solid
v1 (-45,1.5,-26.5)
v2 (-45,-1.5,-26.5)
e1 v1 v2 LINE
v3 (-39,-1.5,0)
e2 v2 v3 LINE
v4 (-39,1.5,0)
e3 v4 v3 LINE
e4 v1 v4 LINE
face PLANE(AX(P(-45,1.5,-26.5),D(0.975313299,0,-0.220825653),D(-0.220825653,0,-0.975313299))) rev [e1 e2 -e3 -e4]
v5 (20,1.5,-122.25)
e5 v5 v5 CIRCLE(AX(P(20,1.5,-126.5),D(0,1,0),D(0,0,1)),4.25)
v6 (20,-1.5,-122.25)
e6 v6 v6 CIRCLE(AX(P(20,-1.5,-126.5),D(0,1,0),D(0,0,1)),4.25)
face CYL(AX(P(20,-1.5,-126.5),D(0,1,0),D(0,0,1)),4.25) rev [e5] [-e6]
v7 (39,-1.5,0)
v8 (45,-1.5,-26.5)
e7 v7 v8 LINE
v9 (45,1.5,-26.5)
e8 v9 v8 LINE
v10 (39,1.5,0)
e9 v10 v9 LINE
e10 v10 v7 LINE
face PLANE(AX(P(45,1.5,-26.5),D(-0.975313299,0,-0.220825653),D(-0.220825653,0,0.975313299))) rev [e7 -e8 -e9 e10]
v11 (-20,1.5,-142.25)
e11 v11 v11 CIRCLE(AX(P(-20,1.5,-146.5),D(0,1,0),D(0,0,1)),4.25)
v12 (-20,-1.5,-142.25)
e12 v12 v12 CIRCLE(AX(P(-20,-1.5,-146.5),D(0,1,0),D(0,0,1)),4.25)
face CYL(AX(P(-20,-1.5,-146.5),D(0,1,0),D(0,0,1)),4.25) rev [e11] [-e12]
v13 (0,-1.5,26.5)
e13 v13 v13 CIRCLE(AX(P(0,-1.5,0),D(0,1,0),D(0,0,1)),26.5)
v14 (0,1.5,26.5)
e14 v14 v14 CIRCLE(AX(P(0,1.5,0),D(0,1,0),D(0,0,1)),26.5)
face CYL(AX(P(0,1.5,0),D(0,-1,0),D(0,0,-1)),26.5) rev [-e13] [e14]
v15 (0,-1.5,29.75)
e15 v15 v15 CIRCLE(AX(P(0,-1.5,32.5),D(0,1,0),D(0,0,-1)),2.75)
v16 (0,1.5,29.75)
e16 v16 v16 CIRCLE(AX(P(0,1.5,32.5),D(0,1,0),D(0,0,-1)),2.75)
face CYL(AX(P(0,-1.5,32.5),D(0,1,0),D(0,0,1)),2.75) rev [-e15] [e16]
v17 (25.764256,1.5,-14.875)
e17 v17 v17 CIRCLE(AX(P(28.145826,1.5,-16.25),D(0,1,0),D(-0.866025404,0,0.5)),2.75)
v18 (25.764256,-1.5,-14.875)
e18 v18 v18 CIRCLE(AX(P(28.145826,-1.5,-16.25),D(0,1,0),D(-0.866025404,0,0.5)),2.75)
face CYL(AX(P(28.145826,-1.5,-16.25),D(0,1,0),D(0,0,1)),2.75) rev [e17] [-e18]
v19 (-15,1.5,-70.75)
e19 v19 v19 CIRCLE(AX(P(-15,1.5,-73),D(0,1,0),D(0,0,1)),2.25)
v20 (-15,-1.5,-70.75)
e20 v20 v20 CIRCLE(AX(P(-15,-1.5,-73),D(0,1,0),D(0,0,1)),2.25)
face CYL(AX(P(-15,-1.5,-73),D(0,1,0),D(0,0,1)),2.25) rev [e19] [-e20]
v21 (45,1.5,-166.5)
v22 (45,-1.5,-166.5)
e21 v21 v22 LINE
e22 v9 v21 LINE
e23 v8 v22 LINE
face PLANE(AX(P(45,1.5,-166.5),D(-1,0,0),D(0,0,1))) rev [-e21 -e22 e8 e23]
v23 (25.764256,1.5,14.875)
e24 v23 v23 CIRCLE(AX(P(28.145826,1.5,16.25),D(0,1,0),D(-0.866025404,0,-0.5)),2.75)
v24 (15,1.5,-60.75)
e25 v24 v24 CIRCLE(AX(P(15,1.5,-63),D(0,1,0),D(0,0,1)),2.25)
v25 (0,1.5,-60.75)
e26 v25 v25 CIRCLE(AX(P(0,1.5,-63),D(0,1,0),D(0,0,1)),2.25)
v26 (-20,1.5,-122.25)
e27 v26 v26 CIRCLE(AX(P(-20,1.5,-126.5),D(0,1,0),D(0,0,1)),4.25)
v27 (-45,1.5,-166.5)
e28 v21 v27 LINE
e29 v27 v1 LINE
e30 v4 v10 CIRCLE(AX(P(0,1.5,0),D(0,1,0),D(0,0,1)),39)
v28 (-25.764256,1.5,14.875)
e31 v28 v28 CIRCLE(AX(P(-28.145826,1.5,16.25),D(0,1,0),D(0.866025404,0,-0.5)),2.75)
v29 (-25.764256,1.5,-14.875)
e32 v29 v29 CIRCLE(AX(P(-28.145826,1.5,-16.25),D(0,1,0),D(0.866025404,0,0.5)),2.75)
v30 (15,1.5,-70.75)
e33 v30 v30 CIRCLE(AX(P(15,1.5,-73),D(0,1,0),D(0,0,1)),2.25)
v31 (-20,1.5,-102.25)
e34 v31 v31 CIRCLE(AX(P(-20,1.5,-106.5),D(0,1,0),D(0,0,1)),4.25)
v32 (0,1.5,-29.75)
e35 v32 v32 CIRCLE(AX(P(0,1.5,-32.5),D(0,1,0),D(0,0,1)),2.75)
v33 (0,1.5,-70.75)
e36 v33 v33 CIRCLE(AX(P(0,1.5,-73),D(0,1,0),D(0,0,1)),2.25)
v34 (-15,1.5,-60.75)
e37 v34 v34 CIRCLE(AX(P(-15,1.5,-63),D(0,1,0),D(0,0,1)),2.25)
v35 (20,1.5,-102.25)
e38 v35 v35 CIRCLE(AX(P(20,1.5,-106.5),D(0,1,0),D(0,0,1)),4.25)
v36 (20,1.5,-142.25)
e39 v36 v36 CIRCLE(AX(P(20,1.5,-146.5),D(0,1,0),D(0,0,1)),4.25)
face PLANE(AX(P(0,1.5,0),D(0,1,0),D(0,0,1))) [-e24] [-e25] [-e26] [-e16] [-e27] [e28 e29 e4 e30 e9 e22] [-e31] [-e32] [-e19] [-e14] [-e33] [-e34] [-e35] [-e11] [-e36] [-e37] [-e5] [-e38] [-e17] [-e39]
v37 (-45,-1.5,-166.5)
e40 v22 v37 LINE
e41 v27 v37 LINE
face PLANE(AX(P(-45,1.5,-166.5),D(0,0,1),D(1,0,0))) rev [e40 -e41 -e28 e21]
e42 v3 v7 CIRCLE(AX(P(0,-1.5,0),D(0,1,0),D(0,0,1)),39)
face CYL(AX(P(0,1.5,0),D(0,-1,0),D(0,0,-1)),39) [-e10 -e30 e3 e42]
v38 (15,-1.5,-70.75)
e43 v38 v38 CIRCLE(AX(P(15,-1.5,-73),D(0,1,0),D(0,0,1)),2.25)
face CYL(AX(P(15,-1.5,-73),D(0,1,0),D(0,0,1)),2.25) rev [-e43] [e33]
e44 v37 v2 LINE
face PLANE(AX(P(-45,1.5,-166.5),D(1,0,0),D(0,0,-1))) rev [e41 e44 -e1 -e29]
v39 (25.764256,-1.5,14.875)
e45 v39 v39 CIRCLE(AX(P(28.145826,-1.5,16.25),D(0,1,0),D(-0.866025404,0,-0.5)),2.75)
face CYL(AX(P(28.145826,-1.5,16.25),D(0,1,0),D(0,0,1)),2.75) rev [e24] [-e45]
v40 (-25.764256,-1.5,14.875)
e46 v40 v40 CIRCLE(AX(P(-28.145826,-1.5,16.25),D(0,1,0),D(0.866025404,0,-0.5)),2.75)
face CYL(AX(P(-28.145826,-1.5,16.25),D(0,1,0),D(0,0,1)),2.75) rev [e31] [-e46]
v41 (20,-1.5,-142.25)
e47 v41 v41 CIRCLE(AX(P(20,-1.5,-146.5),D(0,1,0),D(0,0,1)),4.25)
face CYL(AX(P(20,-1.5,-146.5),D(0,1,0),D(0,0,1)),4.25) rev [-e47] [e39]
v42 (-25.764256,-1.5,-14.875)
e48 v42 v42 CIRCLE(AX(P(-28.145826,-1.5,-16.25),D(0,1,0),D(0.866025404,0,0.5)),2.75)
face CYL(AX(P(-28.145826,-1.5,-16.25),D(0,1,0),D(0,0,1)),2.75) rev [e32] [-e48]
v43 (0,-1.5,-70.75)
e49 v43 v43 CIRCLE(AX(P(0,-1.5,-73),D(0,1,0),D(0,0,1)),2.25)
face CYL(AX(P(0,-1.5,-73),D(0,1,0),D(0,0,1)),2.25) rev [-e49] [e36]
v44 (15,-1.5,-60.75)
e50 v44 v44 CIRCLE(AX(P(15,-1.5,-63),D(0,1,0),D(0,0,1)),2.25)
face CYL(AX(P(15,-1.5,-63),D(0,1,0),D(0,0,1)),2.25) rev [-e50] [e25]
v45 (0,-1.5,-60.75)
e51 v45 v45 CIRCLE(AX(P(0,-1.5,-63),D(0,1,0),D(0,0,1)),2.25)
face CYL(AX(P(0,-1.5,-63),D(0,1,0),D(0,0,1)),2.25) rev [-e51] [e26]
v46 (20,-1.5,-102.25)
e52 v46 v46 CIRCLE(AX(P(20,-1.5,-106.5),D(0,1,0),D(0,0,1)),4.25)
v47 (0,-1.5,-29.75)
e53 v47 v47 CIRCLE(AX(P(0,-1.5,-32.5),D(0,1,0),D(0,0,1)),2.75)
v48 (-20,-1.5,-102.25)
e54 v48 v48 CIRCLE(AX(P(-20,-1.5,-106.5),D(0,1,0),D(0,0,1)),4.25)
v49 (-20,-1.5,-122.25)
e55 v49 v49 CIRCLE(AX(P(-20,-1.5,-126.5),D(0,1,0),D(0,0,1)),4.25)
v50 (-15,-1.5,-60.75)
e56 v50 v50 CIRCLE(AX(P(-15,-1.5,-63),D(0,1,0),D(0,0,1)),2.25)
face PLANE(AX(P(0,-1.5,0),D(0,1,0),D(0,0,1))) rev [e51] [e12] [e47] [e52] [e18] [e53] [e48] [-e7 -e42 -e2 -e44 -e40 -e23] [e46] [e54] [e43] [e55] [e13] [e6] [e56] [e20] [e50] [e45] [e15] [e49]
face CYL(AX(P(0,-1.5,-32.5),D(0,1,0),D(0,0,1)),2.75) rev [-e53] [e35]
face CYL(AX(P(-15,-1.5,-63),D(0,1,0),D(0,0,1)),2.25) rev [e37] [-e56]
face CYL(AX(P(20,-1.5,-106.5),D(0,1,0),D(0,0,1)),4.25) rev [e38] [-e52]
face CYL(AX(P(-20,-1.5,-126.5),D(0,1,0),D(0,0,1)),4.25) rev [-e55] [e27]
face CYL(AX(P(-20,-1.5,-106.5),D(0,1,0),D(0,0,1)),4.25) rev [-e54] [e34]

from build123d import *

# Parameters (mm, degrees)
SKETCH1_R            = 39
SKETCH1_R_2          = 26.5
BOSS_EXTRUDE1_DEPTH  = 1.5
SKETCH3_W            = 50
SKETCH3_H            = 51.5
BOSS_EXTRUDE2_DEPTH  = 1.5
BOSS_EXTRUDE4_DEPTH  = 1.5
SKETCH2_R            = 2.75
CUT_EXTRUDE1_DEPTH   = 2.5
CIRPATTERN1_COUNT    = 6
CUT_EXTRUDE2_START   = -4
SKETCH5_R            = 2.25
CUT_EXTRUDE2_DEPTH   = 5
LPATTERN1_COUNT      = 2
LPATTERN1_PITCH      = 15
LPATTERN1_COUNT_DIR2 = 2
LPATTERN1_PITCH_DIR2 = 10
LPATTERN2_COUNT      = 2
LPATTERN2_PITCH      = 15
LPATTERN2_COUNT_DIR2 = 2
LPATTERN2_PITCH_DIR2 = 10
CUT_EXTRUDE3_START   = -4
SKETCH7_R            = 4.25
CUT_EXTRUDE3_DEPTH   = 5
LPATTERN3_COUNT      = 3
LPATTERN3_PITCH      = 20


with BuildPart() as part:
    # Sketch1 → Boss-Extrude1 (new body, symmetric)
    with BuildSketch(Plane(origin=(0, 0, 0), x_dir=(1, 0, 0), z_dir=(0, 1, 0))):
        Circle(SKETCH1_R)
        Circle(SKETCH1_R_2, mode=Mode.SUBTRACT)
    extrude(amount=BOSS_EXTRUDE1_DEPTH, both=True)

    # Sketch3 → Boss-Extrude2 (add, symmetric)
    with BuildSketch(Plane(origin=(0, 0, 0), x_dir=(1, 0, 0), z_dir=(0, 1, 0))):
        with Locations((0, 52.25)):
            Rectangle(SKETCH3_W, SKETCH3_H)
    extrude(amount=BOSS_EXTRUDE2_DEPTH, both=True)

    # Sketch6 → Boss-Extrude4 (add, symmetric)
    with BuildSketch(Plane(origin=(0, 0, 0), x_dir=(1, 0, 0), z_dir=(0, 1, 0))):
        Polygon((-45, 166.5), (-45, 26.5), (-39, 0), (-14.981514186, 26.5), (16.520833333, 26.5), (39, 0), (45, 26.5), (45, 166.5), align=None)
    extrude(amount=BOSS_EXTRUDE4_DEPTH, both=True)

    # Sketch2 → Cut-Extrude1 (cut, symmetric)
    with BuildSketch(Plane(origin=(0, 0, 0), x_dir=(1, 0, 0), z_dir=(0, 1, 0))):
        with Locations((0, 32.5)):
            Circle(SKETCH2_R)
    cut_extrude1 = extrude(amount=CUT_EXTRUDE1_DEPTH, both=True, mode=Mode.SUBTRACT)

    # CirPattern1: Cut-Extrude1 ×6 about axis
    cirpattern1_axis = Axis((0, 0, 0), (0, 1, 0))
    for i in range(1, CIRPATTERN1_COUNT):
        add(cut_extrude1.rotate(cirpattern1_axis, i * 360 / CIRPATTERN1_COUNT), mode=Mode.SUBTRACT)

    # Sketch5 → Cut-Extrude2 (cut)
    with BuildSketch(Plane(origin=(0, 1.5, 0), x_dir=(1, 0, 0), z_dir=(0, 1, 0)).offset(CUT_EXTRUDE2_START)):
        with Locations((0, 73)):
            Circle(SKETCH5_R)
    cut_extrude2 = extrude(amount=CUT_EXTRUDE2_DEPTH, mode=Mode.SUBTRACT)

    # LPattern1: Cut-Extrude2 2 × 2
    with Locations(*[(i * LPATTERN1_PITCH, 0, j * LPATTERN1_PITCH_DIR2) for i in range(LPATTERN1_COUNT) for j in range(LPATTERN1_COUNT_DIR2) if (i, j) != (0, 0)]):
        add(cut_extrude2, mode=Mode.SUBTRACT)

    # LPattern2: Cut-Extrude2 2 × 2
    with Locations(*[(-i * LPATTERN2_PITCH, 0, j * LPATTERN2_PITCH_DIR2) for i in range(LPATTERN2_COUNT) for j in range(LPATTERN2_COUNT_DIR2) if (i, j) != (0, 0)]):
        add(cut_extrude2, mode=Mode.SUBTRACT)

    # Sketch7 → Cut-Extrude3 (cut)
    with BuildSketch(Plane(origin=(0, 1.5, 0), x_dir=(1, 0, 0), z_dir=(0, 1, 0)).offset(CUT_EXTRUDE3_START)):
        with Locations((-20, 146.5)):
            Circle(SKETCH7_R)
        with Locations((20, 146.5)):
            Circle(SKETCH7_R)
    cut_extrude3 = extrude(amount=CUT_EXTRUDE3_DEPTH, mode=Mode.SUBTRACT)

    # LPattern3: Cut-Extrude3 ×3
    with Locations(*[(0, 0, i * LPATTERN3_PITCH) for i in range(1, LPATTERN3_COUNT)]):
        add(cut_extrude3, mode=Mode.SUBTRACT)


solid = part.part
